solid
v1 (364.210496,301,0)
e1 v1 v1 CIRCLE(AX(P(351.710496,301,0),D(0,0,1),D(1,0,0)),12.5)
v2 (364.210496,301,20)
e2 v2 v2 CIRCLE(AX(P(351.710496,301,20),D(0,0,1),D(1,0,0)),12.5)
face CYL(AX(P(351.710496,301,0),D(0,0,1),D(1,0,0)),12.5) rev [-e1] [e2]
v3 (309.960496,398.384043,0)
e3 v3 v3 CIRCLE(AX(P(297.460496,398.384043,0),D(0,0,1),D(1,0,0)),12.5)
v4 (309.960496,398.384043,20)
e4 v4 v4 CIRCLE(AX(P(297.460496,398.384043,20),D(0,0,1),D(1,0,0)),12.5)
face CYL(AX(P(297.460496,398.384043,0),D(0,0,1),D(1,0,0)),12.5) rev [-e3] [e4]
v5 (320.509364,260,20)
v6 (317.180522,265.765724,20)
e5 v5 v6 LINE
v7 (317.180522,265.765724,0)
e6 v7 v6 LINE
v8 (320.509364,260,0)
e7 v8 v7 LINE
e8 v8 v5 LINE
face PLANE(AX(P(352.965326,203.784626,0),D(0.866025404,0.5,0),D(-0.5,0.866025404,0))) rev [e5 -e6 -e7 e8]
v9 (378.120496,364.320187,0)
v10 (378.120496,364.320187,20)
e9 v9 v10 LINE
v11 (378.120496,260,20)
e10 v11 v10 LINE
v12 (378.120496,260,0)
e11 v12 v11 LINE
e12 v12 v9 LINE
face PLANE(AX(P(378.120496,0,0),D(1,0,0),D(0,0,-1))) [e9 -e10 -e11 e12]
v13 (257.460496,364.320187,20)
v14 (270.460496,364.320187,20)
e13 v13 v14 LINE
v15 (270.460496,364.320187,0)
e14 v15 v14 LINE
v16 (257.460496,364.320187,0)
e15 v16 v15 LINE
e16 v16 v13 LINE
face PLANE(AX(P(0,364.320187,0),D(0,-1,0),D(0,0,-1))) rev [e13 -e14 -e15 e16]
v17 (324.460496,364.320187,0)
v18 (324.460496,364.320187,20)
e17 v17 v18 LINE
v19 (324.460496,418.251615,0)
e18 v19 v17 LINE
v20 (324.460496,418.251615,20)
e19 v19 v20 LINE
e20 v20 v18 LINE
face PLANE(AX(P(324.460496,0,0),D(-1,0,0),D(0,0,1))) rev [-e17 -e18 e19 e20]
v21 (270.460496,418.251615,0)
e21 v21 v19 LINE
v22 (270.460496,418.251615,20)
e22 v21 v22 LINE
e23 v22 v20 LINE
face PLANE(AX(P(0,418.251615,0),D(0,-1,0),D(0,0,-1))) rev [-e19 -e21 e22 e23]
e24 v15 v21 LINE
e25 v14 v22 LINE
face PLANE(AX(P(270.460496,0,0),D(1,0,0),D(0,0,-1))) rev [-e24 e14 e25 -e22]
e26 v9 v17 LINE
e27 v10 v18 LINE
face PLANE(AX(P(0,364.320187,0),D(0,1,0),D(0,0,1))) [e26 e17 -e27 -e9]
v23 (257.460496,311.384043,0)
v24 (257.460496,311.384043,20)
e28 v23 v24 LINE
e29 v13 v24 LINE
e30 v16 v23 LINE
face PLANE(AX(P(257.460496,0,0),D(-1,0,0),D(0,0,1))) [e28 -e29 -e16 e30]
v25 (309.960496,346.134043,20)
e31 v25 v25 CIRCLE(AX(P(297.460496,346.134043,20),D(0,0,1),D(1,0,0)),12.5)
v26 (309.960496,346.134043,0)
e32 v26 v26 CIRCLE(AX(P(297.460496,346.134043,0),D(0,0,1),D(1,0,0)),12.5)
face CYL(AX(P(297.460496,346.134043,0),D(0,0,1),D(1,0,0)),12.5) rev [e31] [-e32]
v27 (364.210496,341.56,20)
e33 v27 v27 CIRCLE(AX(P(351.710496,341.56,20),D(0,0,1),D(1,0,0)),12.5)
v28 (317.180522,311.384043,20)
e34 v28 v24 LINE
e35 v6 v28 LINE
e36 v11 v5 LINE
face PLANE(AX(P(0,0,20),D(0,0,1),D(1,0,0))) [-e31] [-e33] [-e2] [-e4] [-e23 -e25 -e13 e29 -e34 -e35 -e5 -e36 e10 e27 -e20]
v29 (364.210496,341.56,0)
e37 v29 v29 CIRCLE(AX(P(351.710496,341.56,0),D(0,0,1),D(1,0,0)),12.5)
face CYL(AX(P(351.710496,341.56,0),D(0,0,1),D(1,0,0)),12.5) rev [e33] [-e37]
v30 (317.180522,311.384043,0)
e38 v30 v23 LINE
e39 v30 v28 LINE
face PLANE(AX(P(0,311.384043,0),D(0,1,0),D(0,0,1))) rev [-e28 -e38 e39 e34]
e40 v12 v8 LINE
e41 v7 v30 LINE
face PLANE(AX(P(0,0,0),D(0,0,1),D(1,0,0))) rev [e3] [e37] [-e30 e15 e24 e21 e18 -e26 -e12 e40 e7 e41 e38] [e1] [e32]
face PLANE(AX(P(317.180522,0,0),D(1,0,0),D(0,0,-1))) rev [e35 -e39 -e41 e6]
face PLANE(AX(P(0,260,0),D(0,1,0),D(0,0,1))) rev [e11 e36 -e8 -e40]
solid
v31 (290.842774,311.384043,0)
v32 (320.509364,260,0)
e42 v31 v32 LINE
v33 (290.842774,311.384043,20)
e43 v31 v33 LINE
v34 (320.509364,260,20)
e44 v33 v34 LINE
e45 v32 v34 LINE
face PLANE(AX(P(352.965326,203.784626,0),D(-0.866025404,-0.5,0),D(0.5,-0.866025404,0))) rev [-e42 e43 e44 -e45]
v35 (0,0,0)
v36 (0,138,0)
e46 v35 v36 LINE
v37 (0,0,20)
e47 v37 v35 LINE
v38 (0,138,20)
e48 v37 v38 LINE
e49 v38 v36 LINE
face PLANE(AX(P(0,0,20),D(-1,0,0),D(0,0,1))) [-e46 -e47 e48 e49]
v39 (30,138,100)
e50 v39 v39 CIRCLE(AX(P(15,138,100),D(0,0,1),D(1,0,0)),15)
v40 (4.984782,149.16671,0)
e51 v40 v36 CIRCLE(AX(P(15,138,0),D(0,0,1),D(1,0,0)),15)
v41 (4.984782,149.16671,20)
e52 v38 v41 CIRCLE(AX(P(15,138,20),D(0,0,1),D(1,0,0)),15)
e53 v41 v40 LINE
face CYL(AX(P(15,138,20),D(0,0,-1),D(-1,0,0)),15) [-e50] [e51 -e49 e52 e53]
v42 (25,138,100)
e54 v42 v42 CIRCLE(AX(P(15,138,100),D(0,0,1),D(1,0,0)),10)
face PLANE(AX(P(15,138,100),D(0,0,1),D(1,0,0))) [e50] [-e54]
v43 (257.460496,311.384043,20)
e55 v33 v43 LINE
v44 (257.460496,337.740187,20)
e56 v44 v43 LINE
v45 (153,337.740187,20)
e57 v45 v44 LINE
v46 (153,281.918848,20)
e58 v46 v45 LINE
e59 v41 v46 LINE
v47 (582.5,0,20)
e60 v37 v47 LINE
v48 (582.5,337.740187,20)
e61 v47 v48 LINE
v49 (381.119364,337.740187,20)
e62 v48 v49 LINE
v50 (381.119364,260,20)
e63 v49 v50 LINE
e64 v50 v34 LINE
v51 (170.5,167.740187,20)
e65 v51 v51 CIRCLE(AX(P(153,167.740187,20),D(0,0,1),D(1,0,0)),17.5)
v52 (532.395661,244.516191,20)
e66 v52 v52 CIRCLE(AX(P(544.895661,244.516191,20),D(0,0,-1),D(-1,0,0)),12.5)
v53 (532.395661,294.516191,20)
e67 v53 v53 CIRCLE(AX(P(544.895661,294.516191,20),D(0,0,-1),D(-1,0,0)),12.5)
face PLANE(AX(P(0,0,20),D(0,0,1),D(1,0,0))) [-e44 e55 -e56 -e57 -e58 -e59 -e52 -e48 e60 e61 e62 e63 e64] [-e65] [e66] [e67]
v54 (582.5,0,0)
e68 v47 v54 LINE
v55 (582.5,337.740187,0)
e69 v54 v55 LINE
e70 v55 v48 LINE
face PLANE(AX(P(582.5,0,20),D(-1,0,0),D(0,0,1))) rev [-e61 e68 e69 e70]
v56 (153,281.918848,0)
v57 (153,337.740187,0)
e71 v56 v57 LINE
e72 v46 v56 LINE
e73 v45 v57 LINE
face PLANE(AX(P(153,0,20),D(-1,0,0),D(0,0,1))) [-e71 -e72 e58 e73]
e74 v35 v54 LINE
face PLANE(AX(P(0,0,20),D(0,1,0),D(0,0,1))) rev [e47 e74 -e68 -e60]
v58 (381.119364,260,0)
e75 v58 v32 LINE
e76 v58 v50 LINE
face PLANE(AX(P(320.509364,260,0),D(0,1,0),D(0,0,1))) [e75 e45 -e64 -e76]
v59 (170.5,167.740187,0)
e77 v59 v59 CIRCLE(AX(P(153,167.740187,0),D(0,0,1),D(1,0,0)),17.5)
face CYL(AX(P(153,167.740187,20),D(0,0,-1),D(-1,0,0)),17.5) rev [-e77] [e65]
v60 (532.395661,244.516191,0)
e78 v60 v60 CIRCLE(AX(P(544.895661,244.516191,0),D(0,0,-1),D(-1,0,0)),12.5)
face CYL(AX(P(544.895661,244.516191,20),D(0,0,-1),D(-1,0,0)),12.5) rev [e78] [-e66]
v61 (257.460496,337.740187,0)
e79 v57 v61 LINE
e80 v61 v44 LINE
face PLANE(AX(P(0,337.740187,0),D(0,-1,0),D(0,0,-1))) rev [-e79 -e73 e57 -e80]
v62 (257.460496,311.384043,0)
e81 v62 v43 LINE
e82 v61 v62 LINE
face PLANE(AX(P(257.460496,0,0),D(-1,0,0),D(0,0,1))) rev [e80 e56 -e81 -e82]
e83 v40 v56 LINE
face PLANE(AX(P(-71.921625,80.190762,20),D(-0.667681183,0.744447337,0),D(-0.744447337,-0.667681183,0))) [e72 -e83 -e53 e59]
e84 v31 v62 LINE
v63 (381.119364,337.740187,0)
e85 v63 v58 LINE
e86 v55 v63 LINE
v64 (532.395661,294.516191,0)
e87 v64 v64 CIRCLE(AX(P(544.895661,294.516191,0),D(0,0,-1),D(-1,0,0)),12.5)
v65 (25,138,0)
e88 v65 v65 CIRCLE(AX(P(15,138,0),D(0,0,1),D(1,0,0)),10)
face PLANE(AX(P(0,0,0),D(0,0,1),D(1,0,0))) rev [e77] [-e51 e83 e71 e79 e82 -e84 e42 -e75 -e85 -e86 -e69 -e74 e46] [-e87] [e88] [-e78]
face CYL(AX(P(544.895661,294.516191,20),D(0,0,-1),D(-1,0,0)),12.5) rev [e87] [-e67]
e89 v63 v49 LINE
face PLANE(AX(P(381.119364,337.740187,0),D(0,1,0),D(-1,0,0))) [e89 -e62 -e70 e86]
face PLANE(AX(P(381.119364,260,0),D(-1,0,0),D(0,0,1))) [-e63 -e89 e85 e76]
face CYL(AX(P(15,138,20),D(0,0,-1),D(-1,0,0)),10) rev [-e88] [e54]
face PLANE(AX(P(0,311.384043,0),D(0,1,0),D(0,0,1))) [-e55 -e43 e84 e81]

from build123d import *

# Parameters (mm, degrees)
SKETCH1_R           = 17.5
SKETCH1_R_2         = 10
BOSS_EXTRUDE1_DEPTH = 20
SKETCH2_R           = 15
SKETCH2_R_2         = 10
BOSS_EXTRUDE2_DEPTH = 80
BOSS_EXTRUDE6_DEPTH = 20
BOSS_EXTRUDE7_DEPTH = 20
SKETCH10_R          = 12.5
BOSS_EXTRUDE9_DEPTH = 20
SKETCH11_R          = 12.5
CUT_EXTRUDE1_DEPTH  = 20


with BuildPart() as part:
    # Sketch1 → Boss-Extrude1 (new body)
    with BuildSketch(Plane.XY):
        with BuildLine():
            Line((0, 138), (0, 0))
            Line((0, 0), (582.5, 0))
            Line((582.5, 0), (582.5, 51.183650965))
            Line((582.5, 51.183650965), (572.5, 51.183650965))
            Line((572.5, 51.183650965), (374.649400312, 86.070049839))
            Line((374.649400312, 86.070049839), (244.94, 310.733321399))
            ThreePointArc((244.94, 310.733321399), (200.912248971, 330.848790378), (153, 337.740187298))
            Line((153, 337.740187298), (153, 281.918848091))
            Line((153, 281.918848091), (4.984782256, 149.166710059))
            ThreePointArc((4.984782256, 149.166710059), (1.302769146, 144.114398329), (0, 138))
        make_face()
        with Locations((153, 167.740187298)):
            Circle(SKETCH1_R, mode=Mode.SUBTRACT)
        with Locations((15, 138)):
            Circle(SKETCH1_R_2, mode=Mode.SUBTRACT)
    extrude(amount=BOSS_EXTRUDE1_DEPTH)

    # Sketch2 → Boss-Extrude2 (add)
    with BuildSketch(Plane.XY.offset(20)):
        with Locations((15, 138)):
            Circle(SKETCH2_R)
        with Locations((15, 138)):
            Circle(SKETCH2_R_2, mode=Mode.SUBTRACT)
    extrude(amount=BOSS_EXTRUDE2_DEPTH)

    # Sketch4 → Boss-Extrude6 (add)
    with BuildSketch(Plane.XY.offset(20)):
        with BuildLine():
            Line((257.460495765, 337.740187298), (153, 337.740187298))
            ThreePointArc((153, 337.740187298), (200.912248971, 330.848790378), (244.94, 310.733321399))
            Line((244.94, 310.733321399), (374.649400312, 86.070049839))
            Line((374.649400312, 86.070049839), (426.173106487, 76.985030294))
            Line((426.173106487, 76.985030294), (290.842773548, 311.384042751))
            Line((290.842773548, 311.384042751), (257.460495765, 311.384042751))
            Line((257.460495765, 311.384042751), (257.460495765, 337.740187298))
        make_face()
    extrude(amount=-BOSS_EXTRUDE6_DEPTH)

    # Sketch9 → Boss-Extrude7 (add)
    with BuildSketch(Plane.XY.offset(20)):
        Polygon((582.5, 337.740187298), (582.5, 51.183650965), (572.5, 51.183650965), (522.5, 60), (426.173106487, 76.985030294), (320.509364462, 260), (381.119364462, 260), (381.119364462, 337.740187298), (525.48, 337.740187298), align=None)
    extrude(amount=-BOSS_EXTRUDE7_DEPTH)

    # Sketch11 → Cut-Extrude1 (cut)
    with BuildSketch(Plane(origin=(0, 0, 0), x_dir=(-1, 0, 0), z_dir=(0, 0, -1))):
        with Locations((-544.895661023, 294.516190979)):
            Circle(SKETCH11_R)
        with Locations((-544.895661023, 244.516190979)):
            Circle(SKETCH11_R)
    extrude(amount=-CUT_EXTRUDE1_DEPTH, mode=Mode.SUBTRACT)


with BuildPart() as body_2:
    # Sketch10 → Boss-Extrude9 (new body)
    with BuildSketch(Plane.XY.offset(20)):
        Polygon((270.460495765, 418.251615442), (270.460495765, 364.320187298), (317.180522157, 364.320187298), (324.460495765, 364.320187298), (324.460495765, 418.251615442), align=None)
        with Locations((297.460495765, 398.384042751)):
            Circle(SKETCH10_R, mode=Mode.SUBTRACT)
        Polygon((270.460495765, 364.320187298), (257.460495765, 364.320187298), (257.460495765, 337.740187298), (257.460495765, 311.384042751), (290.842773548, 311.384042751), (317.180522157, 311.384042751), (317.180522157, 321.223855452), (317.180522157, 364.320187298), align=None)
        with Locations((297.460495765, 346.134042751)):
            Circle(SKETCH10_R, mode=Mode.SUBTRACT)
        Polygon((324.460495765, 364.320187298), (317.180522157, 364.320187298), (317.180522157, 321.223855452), (347.650508961, 321.223855452), (378.120495765, 321.223855452), (378.120495765, 364.320187298), align=None)
        with Locations((351.710495765, 341.56)):
            Circle(SKETCH10_R, mode=Mode.SUBTRACT)
        Polygon((347.650508961, 321.223855452), (317.180522157, 321.223855452), (317.180522157, 311.384042751), (317.180522157, 265.765724002), (320.509364462, 260), (378.120495765, 260), (378.120495765, 321.223855452), align=None)
        with Locations((351.710495765, 301)):
            Circle(SKETCH10_R, mode=Mode.SUBTRACT)
    extrude(amount=-BOSS_EXTRUDE9_DEPTH)


solid = Compound([part.part, body_2.part])
